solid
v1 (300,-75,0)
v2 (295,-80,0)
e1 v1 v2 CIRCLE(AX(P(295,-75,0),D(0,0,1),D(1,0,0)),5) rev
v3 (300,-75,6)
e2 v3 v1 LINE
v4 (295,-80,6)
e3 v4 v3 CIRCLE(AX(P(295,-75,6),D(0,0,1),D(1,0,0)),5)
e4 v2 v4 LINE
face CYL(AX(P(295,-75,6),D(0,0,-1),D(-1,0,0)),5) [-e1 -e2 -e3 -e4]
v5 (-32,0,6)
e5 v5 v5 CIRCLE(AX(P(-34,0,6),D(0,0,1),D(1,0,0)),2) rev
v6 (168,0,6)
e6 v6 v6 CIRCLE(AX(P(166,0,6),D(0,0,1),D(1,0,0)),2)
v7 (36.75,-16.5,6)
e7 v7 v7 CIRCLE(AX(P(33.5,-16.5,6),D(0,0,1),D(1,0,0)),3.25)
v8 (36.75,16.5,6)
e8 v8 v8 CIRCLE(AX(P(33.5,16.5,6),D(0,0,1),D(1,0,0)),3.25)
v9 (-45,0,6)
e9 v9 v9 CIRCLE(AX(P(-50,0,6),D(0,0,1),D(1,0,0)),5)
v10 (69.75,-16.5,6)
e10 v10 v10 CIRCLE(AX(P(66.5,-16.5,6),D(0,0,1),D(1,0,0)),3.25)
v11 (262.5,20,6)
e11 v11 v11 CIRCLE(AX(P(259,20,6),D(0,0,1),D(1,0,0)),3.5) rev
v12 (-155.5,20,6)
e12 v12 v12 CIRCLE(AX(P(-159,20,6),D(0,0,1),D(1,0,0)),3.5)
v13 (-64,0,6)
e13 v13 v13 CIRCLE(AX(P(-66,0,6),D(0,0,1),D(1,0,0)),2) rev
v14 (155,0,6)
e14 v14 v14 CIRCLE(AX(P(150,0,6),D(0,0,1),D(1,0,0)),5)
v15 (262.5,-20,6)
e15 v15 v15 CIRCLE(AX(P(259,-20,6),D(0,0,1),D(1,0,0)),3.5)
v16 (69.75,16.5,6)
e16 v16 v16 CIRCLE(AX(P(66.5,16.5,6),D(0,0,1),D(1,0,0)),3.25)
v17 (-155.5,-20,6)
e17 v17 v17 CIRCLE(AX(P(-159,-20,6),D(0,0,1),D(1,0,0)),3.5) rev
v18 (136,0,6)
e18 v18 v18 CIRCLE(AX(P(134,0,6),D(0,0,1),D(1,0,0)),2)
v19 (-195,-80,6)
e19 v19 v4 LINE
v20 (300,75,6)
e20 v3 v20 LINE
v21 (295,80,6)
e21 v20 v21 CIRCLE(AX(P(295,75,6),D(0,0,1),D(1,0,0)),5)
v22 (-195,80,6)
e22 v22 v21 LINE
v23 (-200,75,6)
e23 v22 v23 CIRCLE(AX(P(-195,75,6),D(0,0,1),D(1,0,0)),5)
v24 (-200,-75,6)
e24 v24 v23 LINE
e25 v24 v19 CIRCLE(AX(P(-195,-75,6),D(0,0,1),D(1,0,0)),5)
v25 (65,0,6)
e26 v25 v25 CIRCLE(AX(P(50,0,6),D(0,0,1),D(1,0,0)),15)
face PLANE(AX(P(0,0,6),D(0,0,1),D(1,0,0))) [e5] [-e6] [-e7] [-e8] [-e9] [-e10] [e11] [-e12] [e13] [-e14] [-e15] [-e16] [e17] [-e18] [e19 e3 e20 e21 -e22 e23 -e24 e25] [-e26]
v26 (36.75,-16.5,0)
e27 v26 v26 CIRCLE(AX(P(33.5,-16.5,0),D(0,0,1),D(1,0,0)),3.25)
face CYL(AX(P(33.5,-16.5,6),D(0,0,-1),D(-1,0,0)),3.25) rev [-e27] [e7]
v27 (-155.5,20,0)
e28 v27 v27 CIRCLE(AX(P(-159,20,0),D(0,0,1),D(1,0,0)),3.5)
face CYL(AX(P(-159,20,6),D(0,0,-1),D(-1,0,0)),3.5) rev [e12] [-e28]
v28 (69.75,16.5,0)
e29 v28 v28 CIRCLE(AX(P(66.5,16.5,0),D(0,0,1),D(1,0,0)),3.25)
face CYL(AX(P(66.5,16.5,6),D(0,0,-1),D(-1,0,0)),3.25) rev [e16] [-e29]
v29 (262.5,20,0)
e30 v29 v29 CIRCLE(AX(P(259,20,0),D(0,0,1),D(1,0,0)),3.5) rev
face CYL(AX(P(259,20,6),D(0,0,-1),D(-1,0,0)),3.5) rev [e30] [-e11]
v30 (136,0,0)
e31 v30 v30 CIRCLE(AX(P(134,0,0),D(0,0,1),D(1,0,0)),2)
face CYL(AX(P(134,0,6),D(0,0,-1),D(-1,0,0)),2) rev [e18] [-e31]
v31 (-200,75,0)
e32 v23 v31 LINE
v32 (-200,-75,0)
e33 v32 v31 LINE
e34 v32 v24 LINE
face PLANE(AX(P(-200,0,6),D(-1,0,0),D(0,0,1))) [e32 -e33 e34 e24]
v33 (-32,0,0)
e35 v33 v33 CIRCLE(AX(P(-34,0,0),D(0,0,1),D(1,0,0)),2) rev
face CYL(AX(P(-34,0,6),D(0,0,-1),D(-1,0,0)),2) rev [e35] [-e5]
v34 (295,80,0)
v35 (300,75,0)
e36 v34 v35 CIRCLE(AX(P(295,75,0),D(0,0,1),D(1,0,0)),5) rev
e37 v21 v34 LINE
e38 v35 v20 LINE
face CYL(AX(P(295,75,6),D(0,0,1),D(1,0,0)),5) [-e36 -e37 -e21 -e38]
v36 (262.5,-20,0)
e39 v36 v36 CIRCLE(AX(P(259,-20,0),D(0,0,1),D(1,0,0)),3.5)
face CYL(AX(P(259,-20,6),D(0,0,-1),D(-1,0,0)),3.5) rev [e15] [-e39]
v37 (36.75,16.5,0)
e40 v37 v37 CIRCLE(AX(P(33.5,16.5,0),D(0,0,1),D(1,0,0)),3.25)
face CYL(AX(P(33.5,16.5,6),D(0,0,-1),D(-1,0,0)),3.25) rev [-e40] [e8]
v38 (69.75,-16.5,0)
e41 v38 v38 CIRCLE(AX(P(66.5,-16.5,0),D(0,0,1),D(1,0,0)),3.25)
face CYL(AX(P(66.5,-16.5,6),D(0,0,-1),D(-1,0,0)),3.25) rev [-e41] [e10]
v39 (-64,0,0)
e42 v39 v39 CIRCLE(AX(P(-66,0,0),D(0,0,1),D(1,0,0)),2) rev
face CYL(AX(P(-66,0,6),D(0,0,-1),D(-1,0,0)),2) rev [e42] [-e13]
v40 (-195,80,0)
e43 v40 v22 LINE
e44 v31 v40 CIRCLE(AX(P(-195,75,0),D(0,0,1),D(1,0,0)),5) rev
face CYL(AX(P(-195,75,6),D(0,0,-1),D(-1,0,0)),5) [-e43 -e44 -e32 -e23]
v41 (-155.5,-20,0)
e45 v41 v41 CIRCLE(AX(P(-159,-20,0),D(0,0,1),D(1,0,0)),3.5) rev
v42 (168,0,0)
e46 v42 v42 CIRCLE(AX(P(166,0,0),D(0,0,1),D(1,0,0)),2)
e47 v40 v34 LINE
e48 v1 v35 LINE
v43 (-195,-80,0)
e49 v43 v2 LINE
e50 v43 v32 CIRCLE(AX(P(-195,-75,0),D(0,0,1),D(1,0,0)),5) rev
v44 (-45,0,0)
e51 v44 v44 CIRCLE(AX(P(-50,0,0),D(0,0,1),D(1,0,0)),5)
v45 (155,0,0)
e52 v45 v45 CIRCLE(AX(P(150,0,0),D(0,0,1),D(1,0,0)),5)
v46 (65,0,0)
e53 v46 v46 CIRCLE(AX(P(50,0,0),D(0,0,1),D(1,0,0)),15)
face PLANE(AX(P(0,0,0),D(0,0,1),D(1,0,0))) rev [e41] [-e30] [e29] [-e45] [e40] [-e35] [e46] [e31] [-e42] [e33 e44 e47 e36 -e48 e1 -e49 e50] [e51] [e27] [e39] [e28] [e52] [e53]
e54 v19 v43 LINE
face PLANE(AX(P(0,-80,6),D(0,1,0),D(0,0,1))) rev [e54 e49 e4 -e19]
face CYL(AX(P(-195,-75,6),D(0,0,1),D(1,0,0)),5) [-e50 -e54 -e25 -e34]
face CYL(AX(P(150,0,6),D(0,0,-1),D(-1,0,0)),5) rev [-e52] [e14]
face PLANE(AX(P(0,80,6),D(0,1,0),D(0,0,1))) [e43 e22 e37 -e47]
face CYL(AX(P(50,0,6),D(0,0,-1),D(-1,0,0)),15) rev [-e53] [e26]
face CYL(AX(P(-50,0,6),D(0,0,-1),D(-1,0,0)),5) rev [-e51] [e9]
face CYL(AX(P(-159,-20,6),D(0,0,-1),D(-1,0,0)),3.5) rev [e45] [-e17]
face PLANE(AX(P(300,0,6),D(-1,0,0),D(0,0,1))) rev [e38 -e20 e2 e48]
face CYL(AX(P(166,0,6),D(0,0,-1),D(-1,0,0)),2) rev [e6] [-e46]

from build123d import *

# Parameters (mm, degrees)
SKETCH2_W           = 500
SKETCH2_H           = 160
SKETCH2_R           = 15
SKETCH2_R_2         = 5
SKETCH2_R_3         = 3.5
SKETCH2_R_4         = 2
SKETCH2_R_5         = 3.25
BOSS_EXTRUDE1_DEPTH = 6
FILLET1_R           = 5


with BuildPart() as part:
    # Sketch2 → Boss-Extrude1 (new body)
    with BuildSketch(Plane.XY):
        with Locations((50, 0)):
            Rectangle(SKETCH2_W, SKETCH2_H)
        with Locations((50, 0)):
            Circle(SKETCH2_R, mode=Mode.SUBTRACT)
        with Locations((-50, 0)):
            Circle(SKETCH2_R_2, mode=Mode.SUBTRACT)
        with Locations((150, 0)):
            Circle(SKETCH2_R_2, mode=Mode.SUBTRACT)
        with Locations((-159, 20)):
            Circle(SKETCH2_R_3, mode=Mode.SUBTRACT)
        with Locations((-159, -20)):
            Circle(SKETCH2_R_3, mode=Mode.SUBTRACT)
        with Locations((259, -20)):
            Circle(SKETCH2_R_3, mode=Mode.SUBTRACT)
        with Locations((259, 20)):
            Circle(SKETCH2_R_3, mode=Mode.SUBTRACT)
        with Locations((134, 0)):
            Circle(SKETCH2_R_4, mode=Mode.SUBTRACT)
        with Locations((166, 0)):
            Circle(SKETCH2_R_4, mode=Mode.SUBTRACT)
        with Locations((-66, 0)):
            Circle(SKETCH2_R_4, mode=Mode.SUBTRACT)
        with Locations((-34, 0)):
            Circle(SKETCH2_R_4, mode=Mode.SUBTRACT)
        with Locations((66.5, 16.5)):
            Circle(SKETCH2_R_5, mode=Mode.SUBTRACT)
        with Locations((33.5, 16.5)):
            Circle(SKETCH2_R_5, mode=Mode.SUBTRACT)
        with Locations((33.5, -16.5)):
            Circle(SKETCH2_R_5, mode=Mode.SUBTRACT)
        with Locations((66.5, -16.5)):
            Circle(SKETCH2_R_5, mode=Mode.SUBTRACT)
    extrude(amount=BOSS_EXTRUDE1_DEPTH)

    # Fillet1
    fillet1_edges = [part.edges().sort_by_distance(p)[0] for p in [
        (-200, -80, 3),
        (-200, 80, 3),
        (300, 80, 3),
        (300, -80, 3),
    ]]
    fillet(fillet1_edges, radius=FILLET1_R)


solid = part.part
